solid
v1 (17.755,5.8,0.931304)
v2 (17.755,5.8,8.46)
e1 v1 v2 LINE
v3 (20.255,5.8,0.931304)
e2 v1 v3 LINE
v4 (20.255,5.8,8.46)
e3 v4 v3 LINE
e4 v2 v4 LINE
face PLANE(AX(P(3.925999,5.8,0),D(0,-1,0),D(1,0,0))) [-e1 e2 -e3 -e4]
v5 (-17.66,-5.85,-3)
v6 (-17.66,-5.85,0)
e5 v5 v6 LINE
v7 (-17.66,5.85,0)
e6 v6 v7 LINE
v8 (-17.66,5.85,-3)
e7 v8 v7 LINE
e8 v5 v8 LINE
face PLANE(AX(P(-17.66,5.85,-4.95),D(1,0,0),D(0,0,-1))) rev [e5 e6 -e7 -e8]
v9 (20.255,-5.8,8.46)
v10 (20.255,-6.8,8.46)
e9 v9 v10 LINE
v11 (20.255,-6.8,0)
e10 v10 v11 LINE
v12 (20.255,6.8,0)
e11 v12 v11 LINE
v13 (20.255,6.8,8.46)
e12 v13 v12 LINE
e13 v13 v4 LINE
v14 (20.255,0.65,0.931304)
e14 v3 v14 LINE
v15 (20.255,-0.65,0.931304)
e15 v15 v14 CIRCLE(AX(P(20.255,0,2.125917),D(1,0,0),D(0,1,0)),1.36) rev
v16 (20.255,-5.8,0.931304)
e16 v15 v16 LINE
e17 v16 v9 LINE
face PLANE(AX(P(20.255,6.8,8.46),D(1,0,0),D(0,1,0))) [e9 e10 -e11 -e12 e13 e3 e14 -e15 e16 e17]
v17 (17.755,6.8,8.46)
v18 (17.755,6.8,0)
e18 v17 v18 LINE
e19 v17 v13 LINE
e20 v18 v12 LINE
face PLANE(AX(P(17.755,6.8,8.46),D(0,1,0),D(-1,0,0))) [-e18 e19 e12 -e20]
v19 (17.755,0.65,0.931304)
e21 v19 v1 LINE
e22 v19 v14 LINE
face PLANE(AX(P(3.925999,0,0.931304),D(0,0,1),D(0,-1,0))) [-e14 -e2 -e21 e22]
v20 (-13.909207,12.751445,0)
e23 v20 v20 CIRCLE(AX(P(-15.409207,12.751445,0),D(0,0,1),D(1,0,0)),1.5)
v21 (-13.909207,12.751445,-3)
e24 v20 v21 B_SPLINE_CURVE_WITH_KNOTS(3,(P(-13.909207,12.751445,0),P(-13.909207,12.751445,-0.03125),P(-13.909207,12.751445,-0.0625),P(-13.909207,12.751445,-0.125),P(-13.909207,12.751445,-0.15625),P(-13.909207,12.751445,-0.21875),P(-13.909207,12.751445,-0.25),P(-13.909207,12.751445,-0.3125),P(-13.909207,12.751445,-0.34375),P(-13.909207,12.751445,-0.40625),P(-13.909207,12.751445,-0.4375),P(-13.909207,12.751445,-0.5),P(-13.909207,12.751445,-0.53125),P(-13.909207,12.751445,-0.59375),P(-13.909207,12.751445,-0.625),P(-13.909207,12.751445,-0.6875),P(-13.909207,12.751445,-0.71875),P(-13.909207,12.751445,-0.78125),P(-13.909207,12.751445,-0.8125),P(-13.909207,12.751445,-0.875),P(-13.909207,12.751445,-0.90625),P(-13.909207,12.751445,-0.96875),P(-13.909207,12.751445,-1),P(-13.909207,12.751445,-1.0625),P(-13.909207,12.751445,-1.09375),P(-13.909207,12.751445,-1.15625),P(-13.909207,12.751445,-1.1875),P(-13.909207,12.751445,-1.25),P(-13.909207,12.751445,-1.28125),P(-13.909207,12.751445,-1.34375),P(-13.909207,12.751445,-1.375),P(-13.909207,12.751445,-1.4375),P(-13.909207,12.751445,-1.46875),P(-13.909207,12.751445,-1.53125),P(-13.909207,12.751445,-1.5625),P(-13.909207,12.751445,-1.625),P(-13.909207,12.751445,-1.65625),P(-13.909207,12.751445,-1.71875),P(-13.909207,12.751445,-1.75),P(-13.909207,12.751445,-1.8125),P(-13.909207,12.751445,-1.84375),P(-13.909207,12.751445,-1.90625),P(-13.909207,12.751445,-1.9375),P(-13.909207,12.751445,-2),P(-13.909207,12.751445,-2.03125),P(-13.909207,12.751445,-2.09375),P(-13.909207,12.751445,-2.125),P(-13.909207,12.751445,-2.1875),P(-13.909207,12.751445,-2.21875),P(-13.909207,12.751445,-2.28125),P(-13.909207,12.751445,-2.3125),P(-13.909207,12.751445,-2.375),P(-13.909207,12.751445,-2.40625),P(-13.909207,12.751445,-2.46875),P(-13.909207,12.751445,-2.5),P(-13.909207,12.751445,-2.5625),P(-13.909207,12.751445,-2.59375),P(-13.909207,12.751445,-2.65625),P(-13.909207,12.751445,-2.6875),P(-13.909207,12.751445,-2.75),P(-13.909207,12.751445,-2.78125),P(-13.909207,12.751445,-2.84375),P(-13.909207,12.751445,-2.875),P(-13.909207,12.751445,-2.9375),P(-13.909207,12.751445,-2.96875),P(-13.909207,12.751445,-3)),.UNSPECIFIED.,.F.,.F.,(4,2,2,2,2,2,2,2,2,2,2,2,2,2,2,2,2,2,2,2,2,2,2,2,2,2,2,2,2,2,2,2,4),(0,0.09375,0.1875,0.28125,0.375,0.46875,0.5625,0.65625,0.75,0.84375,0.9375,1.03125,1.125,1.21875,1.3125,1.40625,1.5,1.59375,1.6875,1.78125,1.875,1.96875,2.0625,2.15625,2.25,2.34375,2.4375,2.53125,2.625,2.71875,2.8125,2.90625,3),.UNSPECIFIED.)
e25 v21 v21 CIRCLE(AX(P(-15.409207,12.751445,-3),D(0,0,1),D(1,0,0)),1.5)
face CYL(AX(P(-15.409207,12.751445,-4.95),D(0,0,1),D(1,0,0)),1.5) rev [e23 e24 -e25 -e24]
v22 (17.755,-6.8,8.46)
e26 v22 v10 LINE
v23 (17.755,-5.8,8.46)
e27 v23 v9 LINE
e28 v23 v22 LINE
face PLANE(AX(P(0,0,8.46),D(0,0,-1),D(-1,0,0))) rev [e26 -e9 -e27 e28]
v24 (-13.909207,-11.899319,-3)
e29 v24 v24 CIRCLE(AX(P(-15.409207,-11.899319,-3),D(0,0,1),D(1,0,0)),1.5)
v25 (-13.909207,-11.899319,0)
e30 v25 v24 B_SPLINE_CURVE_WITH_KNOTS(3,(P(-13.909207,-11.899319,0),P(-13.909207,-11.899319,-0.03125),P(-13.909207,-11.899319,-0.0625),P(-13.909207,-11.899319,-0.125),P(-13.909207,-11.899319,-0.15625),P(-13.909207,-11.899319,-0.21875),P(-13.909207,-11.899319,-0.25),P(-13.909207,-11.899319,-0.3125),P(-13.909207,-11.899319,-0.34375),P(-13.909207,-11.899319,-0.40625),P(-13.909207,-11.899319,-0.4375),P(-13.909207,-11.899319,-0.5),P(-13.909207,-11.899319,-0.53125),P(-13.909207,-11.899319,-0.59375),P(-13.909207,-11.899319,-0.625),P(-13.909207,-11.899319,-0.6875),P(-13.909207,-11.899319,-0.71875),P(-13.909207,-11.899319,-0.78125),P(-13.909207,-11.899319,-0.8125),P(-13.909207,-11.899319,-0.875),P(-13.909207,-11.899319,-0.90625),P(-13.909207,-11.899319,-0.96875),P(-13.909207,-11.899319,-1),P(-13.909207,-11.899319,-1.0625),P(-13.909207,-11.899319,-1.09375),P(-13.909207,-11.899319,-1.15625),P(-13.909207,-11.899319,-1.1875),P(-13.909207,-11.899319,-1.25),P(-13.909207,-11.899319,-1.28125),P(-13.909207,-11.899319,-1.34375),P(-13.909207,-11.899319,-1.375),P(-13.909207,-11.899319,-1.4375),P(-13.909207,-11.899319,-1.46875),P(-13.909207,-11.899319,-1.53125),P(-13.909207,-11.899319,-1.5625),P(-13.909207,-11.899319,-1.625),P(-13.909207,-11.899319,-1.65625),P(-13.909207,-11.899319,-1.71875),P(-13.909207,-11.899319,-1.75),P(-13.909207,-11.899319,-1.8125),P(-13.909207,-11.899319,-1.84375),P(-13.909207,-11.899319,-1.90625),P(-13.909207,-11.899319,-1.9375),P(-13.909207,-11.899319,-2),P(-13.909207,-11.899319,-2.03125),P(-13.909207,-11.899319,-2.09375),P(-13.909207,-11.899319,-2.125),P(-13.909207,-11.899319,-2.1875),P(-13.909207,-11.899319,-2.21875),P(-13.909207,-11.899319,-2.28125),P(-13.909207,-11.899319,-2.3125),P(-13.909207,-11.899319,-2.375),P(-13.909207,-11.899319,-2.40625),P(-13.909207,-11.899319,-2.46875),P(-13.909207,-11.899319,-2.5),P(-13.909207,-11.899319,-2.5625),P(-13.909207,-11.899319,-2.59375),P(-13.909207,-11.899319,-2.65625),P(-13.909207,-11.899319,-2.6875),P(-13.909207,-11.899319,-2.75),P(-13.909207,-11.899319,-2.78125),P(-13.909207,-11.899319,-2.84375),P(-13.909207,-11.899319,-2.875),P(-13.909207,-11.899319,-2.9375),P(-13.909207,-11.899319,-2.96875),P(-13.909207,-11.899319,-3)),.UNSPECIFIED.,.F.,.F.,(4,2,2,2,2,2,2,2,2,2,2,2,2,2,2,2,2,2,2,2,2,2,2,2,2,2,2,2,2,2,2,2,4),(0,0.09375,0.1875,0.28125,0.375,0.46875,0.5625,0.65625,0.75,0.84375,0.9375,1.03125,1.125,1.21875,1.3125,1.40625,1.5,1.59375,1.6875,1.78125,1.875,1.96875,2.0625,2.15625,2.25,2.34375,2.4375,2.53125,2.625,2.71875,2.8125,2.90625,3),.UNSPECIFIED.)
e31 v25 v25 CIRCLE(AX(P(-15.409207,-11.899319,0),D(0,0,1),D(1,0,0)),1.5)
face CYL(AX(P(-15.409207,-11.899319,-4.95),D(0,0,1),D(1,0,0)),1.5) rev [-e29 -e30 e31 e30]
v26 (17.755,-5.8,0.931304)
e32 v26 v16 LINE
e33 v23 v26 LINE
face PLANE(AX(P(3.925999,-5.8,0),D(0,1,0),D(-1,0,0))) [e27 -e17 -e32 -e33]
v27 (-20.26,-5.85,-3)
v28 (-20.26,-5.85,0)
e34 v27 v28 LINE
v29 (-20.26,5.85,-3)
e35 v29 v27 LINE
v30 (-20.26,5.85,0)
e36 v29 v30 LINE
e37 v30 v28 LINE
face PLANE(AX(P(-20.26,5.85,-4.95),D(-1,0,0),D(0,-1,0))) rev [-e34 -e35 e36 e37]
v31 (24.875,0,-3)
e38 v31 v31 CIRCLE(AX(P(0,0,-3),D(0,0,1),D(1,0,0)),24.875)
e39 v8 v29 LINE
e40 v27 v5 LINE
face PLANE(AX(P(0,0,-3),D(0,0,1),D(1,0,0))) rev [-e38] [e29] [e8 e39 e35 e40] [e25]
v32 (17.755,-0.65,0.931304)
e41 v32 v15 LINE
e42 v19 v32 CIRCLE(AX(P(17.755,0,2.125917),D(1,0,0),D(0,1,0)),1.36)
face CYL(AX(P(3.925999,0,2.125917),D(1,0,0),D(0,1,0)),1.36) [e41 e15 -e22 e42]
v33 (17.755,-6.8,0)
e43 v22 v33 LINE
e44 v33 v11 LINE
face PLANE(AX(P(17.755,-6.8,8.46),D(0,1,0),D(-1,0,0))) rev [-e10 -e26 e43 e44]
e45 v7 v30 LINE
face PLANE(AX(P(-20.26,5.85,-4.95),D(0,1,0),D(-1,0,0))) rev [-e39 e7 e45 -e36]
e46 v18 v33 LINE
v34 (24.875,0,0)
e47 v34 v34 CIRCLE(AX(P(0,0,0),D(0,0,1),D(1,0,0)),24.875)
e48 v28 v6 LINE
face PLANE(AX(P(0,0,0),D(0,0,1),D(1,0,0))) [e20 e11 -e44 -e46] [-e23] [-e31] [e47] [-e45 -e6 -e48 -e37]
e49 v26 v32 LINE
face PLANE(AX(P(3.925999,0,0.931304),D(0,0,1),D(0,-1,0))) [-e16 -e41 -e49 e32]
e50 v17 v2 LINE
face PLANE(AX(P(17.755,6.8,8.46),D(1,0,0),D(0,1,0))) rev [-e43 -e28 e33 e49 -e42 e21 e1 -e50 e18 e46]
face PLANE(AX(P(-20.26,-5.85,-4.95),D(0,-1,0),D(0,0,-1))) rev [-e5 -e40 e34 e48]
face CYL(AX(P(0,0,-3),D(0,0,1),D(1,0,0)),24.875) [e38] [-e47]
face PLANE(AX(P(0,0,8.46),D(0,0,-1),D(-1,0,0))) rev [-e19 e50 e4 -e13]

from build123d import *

# Parameters (mm, degrees)
SKETCH1_R           = 24.875
BOSS_EXTRUDE2_DEPTH = 3
SKETCH1_4_W         = 2.5
SKETCH1_4_H         = 13.6
BOSS_EXTRUDE3_DEPTH = 8.46
CUT_EXTRUDE1_DEPTH  = 2.5
SKETCH10_R          = 1.5
CUT_EXTRUDE3_DEPTH  = 4.95
SKETCH5_W           = 2.6
SKETCH5_H           = 11.7
CUT_EXTRUDE4_DEPTH  = 4.95


with BuildPart() as part:
    # Sketch1 → Boss-Extrude2 (new body)
    with BuildSketch(Plane.XY):
        Circle(SKETCH1_R)
    extrude(amount=-BOSS_EXTRUDE2_DEPTH)

    # Sketch1<4> → Boss-Extrude3 (add)
    with BuildSketch(Plane.XY):
        with Locations((19.005, 0)):
            Rectangle(SKETCH1_4_W, SKETCH1_4_H)
    extrude(amount=BOSS_EXTRUDE3_DEPTH)

    # Sketch4 → Cut-Extrude1 (cut)
    with BuildSketch(Plane(origin=(20.255, 0, 0), x_dir=(0, 0, -1), z_dir=(1, 0, 0))):
        with BuildLine():
            ThreePointArc((-0.931303911, -0.65), (-3.48591682, 0), (-0.931303911, 0.65))
            Line((-0.931303911, 0.65), (-0.931303911, 5.8))
            Line((-0.931303911, 5.8), (-8.46, 5.8))
            Line((-8.46, 5.8), (-8.46, -5.8))
            Line((-8.46, -5.8), (-0.931303911, -5.8))
            Line((-0.931303911, -5.8), (-0.931303911, -0.65))
        make_face()
    extrude(amount=-CUT_EXTRUDE1_DEPTH, mode=Mode.SUBTRACT)

    # Sketch10 → Cut-Extrude3 (cut)
    with BuildSketch(Plane.XY):
        with Locations((-15.409206931, 12.75144494)):
            Circle(SKETCH10_R)
        with Locations((-15.409206931, -11.899319199)):
            Circle(SKETCH10_R)
    extrude(amount=-CUT_EXTRUDE3_DEPTH, mode=Mode.SUBTRACT)

    # Sketch5 → Cut-Extrude4 (cut)
    with BuildSketch(Plane.XY):
        with Locations((-18.96, 0)):
            Rectangle(SKETCH5_W, SKETCH5_H)
    extrude(amount=-CUT_EXTRUDE4_DEPTH, mode=Mode.SUBTRACT)


solid = part.part
